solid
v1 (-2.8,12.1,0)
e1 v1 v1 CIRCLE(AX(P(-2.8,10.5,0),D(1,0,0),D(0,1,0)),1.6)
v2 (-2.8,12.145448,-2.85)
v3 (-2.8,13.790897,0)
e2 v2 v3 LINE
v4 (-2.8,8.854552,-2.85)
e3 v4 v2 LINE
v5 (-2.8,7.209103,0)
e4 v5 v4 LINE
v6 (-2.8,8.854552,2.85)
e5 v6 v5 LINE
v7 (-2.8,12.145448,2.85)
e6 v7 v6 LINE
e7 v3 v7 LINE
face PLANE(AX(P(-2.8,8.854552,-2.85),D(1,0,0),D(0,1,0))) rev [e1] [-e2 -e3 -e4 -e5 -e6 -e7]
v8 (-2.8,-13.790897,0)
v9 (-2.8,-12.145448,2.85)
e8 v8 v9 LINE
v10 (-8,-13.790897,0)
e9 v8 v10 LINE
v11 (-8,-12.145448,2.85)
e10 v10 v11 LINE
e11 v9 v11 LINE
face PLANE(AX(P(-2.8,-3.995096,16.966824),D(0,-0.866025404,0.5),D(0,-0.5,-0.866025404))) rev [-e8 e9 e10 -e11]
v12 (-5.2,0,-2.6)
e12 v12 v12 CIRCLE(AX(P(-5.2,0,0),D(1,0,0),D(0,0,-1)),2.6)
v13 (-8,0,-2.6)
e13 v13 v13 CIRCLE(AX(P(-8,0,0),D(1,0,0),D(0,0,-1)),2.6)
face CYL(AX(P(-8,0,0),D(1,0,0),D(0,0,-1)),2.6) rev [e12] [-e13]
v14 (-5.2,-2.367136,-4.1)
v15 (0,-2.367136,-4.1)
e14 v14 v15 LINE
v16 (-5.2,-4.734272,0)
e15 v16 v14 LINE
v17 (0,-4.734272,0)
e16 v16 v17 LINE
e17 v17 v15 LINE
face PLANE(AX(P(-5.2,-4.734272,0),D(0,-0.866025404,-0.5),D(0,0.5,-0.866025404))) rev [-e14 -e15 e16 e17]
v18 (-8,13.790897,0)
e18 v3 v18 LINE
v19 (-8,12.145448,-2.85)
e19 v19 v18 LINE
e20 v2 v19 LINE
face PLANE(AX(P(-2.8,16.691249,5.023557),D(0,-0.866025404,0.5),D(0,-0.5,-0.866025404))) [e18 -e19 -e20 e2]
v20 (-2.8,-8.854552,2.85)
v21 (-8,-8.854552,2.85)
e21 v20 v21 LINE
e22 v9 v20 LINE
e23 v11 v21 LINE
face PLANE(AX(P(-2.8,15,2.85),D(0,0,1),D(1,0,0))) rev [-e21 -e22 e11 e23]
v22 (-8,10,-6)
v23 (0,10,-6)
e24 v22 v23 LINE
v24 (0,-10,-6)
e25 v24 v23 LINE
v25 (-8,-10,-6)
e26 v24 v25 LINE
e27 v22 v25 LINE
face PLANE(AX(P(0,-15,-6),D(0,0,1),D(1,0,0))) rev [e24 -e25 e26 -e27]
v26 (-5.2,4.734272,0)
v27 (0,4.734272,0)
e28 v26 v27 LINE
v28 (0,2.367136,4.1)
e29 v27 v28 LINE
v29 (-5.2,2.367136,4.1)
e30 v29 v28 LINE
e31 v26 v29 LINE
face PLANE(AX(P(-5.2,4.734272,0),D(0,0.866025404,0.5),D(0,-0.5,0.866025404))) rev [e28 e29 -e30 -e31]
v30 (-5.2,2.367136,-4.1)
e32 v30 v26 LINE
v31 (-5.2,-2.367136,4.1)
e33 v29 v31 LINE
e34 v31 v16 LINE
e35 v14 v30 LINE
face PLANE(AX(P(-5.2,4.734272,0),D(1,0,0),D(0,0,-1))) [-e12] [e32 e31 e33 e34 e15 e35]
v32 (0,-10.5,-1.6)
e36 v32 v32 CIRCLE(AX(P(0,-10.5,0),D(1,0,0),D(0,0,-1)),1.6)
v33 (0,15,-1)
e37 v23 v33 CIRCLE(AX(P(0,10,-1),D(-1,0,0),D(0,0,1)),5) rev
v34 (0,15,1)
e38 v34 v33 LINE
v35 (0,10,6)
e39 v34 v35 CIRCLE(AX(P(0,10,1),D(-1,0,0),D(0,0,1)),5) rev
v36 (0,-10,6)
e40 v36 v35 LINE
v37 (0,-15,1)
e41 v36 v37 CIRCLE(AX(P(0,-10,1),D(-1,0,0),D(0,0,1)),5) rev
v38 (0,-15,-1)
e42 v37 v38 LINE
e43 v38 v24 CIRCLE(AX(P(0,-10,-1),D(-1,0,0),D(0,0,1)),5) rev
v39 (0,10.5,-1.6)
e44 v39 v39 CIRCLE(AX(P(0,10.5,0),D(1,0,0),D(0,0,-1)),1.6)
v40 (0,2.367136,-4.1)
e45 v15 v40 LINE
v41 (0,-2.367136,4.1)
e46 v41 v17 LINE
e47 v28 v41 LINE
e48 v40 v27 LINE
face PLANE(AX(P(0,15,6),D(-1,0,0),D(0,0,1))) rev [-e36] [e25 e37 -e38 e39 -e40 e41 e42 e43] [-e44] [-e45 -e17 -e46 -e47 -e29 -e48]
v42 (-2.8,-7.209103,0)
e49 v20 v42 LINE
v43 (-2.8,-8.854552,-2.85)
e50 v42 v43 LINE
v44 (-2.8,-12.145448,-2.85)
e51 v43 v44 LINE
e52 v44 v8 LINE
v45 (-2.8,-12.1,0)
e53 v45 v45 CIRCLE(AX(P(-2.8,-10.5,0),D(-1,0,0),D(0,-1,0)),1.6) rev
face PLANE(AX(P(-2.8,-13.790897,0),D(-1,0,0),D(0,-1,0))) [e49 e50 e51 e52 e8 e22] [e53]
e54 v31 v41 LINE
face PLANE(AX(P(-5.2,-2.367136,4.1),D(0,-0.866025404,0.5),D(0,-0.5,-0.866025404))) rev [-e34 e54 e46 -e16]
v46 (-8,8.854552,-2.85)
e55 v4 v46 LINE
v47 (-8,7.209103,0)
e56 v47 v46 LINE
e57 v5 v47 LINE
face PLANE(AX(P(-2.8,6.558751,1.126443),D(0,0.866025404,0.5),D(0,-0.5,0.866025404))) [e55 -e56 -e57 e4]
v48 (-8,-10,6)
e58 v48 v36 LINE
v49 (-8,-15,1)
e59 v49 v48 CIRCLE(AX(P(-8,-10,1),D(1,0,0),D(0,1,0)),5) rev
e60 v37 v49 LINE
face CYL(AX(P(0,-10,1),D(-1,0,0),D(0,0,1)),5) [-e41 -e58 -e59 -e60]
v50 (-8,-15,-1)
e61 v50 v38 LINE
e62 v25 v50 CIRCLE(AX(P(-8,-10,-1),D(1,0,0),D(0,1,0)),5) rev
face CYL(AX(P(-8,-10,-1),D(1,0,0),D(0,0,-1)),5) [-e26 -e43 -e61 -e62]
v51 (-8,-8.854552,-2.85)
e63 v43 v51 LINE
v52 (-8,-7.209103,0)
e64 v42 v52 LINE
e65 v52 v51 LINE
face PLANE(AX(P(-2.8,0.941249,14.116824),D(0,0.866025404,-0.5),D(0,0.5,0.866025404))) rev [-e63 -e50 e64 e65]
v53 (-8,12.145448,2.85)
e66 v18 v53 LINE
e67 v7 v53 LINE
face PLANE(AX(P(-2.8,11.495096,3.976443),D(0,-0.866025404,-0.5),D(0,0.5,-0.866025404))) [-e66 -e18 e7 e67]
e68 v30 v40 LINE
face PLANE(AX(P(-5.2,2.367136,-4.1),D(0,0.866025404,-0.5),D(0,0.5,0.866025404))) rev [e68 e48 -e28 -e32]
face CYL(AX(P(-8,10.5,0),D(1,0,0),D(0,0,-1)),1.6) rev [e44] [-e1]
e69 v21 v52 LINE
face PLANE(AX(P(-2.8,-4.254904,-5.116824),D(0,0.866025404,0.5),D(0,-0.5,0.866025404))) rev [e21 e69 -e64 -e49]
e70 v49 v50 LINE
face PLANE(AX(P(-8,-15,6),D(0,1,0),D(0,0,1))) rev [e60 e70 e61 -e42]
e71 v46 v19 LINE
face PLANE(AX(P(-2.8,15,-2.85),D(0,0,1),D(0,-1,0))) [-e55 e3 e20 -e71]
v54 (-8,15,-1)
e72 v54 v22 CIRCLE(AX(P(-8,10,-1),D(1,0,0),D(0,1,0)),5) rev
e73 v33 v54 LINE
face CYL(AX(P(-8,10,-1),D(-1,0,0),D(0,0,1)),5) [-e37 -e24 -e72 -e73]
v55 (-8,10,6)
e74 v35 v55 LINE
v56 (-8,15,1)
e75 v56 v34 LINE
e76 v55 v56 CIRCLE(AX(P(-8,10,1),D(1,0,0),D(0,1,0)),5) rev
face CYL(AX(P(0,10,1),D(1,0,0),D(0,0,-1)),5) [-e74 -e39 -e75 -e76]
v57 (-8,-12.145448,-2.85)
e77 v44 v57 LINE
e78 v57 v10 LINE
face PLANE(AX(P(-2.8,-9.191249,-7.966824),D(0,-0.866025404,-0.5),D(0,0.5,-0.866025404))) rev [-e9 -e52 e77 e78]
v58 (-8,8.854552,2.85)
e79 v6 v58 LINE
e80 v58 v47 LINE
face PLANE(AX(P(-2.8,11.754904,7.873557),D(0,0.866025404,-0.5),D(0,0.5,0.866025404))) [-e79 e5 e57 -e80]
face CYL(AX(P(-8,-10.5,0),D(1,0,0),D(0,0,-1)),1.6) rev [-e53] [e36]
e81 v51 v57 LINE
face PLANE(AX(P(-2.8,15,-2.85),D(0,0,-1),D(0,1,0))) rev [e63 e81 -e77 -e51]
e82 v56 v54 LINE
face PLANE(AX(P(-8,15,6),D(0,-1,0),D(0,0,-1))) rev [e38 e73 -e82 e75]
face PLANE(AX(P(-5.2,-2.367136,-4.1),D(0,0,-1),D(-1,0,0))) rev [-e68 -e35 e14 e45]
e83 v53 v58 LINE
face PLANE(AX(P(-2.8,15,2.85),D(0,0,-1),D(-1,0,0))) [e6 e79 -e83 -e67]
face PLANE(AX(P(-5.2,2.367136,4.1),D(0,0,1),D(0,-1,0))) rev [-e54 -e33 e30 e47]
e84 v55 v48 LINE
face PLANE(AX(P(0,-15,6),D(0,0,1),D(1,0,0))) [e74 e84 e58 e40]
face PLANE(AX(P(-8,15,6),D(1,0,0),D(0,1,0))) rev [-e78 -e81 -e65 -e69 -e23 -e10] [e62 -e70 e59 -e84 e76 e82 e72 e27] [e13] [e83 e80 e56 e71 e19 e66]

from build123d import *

# Parameters (mm, degrees)
SKIZZE1_W                       = 8
SKIZZE1_H                       = 30
AUFSATZ_LINEAR_AUSTRAGEN1_DEPTH = 6
SCHNITT_LINEAR_AUSTRAGEN3_DEPTH = 5.2
SCHNITT_LINEAR_START            = -8
SCHNITT_LINEAR_AUSTRAGEN2_DEPTH = 5.2
SKIZZE4_R                       = 1.6
SKIZZE4_R_2                     = 2.6
SCHNITT_LINEAR_AUSTRAGEN4_DEPTH = 19.027756377
VERRUNDUNG1_R                   = 5


with BuildPart() as part:
    # Skizze1 → Aufsatz-Linear austragen1 (new, symmetric)
    with BuildSketch(Plane.XY):
        with Locations((-4, 0)):
            Rectangle(SKIZZE1_W, SKIZZE1_H)
    extrude(amount=AUFSATZ_LINEAR_AUSTRAGEN1_DEPTH, both=True)

    # Skizze2 → Schnitt-Linear austragen3 (cut)
    with BuildSketch(Plane(origin=(0, 0, 0), x_dir=(0, 0, -1), z_dir=(1, 0, 0))):
        Polygon((0, 4.734272207), (-4.1, 2.367136104), (-4.1, -2.367136104), (0, -4.734272207), (4.1, -2.367136104), (4.1, 2.367136104), align=None)
    extrude(amount=-SCHNITT_LINEAR_AUSTRAGEN3_DEPTH, mode=Mode.SUBTRACT)

    # Skizze3 → Schnitt-Linear austragen2 (cut)
    with BuildSketch(Plane(origin=(0, 0, 0), x_dir=(0, 0, -1), z_dir=(1, 0, 0)).offset(SCHNITT_LINEAR_START)):
        Polygon((2.85, 8.854551733), (2.85, 12.145448267), (0, 13.790896534), (-2.85, 12.145448267), (-2.85, 8.854551733), (0, 7.209103466), align=None)
    schnitt_linear_austragen2 = extrude(amount=SCHNITT_LINEAR_AUSTRAGEN2_DEPTH, mode=Mode.SUBTRACT)

    # Skizze4 → Schnitt-Linear austragen4 (cut, through all)
    with BuildSketch(Plane(origin=(0, 0, 0), x_dir=(0, 0, -1), z_dir=(1, 0, 0))):
        with Locations((0, 10.5)):
            Circle(SKIZZE4_R)
        with Locations((0, -10.5)):
            Circle(SKIZZE4_R)
        Circle(SKIZZE4_R_2)
    extrude(amount=-SCHNITT_LINEAR_AUSTRAGEN4_DEPTH, mode=Mode.SUBTRACT)

    # Spiegeln1: Schnitt-Linear austragen2 across plane
    add(schnitt_linear_austragen2.mirror(Plane.ZX), mode=Mode.SUBTRACT)

    # Verrundung1
    verrundung1_edges = [part.edges().sort_by_distance(p)[0] for p in [
        (-4, -15, 6),
        (-4, -15, -6),
        (-4, 15, -6),
        (-4, 15, 6),
    ]]
    fillet(verrundung1_edges, radius=VERRUNDUNG1_R)


solid = part.part
